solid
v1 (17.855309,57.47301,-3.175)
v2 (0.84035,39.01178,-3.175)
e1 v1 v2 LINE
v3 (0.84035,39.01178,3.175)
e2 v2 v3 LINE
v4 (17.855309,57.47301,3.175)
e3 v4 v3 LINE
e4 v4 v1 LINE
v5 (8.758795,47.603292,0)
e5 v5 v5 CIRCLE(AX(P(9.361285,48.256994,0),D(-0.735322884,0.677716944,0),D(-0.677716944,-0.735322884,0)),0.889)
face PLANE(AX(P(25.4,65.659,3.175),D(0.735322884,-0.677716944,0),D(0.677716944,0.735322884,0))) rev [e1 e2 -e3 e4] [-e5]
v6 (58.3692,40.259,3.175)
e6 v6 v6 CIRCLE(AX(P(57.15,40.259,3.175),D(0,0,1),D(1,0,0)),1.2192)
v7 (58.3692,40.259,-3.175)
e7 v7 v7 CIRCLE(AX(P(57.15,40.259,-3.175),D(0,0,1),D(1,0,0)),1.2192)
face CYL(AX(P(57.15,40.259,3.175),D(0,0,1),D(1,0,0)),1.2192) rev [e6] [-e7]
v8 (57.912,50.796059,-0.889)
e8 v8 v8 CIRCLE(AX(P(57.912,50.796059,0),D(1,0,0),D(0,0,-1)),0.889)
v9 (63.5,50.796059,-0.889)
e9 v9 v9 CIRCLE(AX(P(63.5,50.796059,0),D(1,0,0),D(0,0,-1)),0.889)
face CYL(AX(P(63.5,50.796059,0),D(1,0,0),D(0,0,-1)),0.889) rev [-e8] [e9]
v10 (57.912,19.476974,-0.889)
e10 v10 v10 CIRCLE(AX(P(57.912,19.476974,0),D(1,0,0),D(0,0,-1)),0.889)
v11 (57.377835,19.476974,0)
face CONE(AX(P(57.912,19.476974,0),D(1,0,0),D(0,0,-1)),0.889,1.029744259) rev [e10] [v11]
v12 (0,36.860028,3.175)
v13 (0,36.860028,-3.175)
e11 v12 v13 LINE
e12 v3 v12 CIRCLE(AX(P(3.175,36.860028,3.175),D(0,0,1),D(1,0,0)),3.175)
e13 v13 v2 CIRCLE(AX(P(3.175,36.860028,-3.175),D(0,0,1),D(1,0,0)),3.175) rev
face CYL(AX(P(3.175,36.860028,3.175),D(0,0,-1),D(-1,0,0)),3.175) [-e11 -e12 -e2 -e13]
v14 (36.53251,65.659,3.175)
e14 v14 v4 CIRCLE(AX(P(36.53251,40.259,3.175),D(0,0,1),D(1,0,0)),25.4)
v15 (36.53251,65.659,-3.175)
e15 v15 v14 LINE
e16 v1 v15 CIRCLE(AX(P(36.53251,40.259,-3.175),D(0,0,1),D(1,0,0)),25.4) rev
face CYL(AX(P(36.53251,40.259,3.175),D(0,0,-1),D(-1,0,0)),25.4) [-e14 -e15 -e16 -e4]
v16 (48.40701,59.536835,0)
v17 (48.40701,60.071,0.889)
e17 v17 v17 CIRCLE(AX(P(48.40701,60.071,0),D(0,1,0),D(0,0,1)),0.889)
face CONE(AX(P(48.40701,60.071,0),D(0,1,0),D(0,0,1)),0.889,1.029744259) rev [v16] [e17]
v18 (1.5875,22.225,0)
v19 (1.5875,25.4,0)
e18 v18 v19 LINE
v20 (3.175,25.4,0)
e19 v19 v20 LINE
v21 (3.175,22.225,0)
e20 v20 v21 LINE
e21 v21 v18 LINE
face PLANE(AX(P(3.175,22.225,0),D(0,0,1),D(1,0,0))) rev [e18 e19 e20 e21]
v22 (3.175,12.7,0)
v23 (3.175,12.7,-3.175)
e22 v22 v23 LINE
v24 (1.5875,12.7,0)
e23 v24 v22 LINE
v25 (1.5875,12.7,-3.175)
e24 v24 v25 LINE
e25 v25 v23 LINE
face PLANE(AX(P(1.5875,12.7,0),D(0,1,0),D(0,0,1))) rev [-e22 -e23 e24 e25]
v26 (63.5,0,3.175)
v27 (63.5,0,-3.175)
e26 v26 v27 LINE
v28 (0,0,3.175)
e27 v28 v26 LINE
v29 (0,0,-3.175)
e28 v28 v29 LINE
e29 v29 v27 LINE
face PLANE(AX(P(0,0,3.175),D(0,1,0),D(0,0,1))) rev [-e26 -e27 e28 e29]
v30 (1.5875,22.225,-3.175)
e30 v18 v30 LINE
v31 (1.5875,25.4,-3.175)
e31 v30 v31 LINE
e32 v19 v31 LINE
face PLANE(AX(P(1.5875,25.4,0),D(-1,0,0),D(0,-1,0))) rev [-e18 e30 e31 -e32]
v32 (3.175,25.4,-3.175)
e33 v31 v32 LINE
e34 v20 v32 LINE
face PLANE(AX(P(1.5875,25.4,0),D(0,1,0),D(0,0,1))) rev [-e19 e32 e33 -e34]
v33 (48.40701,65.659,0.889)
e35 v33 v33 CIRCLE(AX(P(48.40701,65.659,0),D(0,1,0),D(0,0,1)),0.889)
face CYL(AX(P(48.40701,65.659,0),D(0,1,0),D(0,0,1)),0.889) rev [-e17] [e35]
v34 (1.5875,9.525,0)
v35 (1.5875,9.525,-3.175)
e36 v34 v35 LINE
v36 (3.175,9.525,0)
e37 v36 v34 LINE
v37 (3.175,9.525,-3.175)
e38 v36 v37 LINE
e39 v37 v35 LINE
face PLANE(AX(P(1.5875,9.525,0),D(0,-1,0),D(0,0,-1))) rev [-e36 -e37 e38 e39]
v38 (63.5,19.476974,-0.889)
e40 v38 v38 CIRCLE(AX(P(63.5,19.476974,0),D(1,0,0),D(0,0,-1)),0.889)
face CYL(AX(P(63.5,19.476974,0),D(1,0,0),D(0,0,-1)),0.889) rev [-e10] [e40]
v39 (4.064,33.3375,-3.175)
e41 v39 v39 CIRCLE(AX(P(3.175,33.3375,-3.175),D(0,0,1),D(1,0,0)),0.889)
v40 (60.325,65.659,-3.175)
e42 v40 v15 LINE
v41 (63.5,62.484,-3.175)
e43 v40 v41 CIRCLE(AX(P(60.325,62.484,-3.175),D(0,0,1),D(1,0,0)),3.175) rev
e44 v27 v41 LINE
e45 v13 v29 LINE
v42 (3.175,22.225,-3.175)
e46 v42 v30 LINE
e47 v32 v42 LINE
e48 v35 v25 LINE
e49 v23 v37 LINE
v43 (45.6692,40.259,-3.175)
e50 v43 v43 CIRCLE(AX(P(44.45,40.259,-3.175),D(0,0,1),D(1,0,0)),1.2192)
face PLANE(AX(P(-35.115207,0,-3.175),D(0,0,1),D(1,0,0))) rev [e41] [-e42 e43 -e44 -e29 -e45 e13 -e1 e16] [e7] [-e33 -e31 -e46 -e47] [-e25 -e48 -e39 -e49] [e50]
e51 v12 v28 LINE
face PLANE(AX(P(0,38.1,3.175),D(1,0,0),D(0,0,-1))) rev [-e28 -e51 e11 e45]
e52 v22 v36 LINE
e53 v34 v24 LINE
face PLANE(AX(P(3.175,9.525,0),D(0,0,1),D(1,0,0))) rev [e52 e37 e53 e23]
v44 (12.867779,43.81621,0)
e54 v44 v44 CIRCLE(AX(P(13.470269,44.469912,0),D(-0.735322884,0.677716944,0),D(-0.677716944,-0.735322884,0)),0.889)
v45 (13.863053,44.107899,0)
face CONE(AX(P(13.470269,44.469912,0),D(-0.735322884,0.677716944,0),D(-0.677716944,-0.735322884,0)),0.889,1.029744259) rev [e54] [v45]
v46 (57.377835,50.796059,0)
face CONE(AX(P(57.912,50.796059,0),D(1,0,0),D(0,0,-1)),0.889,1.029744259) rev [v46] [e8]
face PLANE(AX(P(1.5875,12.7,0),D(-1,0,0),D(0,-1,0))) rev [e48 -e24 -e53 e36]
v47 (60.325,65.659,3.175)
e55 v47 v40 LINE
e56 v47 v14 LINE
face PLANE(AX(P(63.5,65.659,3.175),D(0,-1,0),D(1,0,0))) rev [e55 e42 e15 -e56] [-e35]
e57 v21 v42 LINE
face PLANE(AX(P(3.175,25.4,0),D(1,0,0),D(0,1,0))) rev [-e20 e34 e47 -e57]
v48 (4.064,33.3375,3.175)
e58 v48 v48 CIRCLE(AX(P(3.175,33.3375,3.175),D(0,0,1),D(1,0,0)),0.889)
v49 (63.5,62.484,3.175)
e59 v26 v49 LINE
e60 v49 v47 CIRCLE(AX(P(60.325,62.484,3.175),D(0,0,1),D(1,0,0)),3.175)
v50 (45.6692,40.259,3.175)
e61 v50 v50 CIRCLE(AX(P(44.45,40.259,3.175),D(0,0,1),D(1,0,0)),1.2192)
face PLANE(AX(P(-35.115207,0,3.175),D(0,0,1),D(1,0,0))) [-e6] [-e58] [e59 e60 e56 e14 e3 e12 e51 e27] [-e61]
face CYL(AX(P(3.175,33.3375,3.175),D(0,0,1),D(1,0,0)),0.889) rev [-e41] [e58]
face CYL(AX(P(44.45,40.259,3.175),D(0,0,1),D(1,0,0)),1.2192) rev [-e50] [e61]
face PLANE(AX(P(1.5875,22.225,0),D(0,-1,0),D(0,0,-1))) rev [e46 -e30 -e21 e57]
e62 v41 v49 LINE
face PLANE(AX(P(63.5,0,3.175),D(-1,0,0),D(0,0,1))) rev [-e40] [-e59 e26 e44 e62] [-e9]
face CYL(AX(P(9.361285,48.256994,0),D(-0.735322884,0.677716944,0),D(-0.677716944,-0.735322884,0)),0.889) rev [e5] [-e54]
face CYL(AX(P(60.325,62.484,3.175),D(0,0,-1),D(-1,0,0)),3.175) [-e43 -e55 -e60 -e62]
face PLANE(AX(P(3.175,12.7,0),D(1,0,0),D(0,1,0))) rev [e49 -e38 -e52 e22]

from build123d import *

# Parameters (mm, degrees)
BOSS_EXTRUDE1_DEPTH       = 3.175
FILLET1_R                 = 25.4
FILLET2_R                 = 3.175
FILLET3_R                 = 3.175
F_2_56_TAPPED_HOLE1_D     = 1.778
F_2_56_TAPPED_HOLE1_DEPTH = 5.588
F_2_56_TAPPED_HOLE1_TIP   = 0.53416509
F_2_CLEARANCE_HOLE1_D     = 2.4384
F_2_CLEARANCE_HOLE1_DEPTH = 25.4
F_2_CLEARANCE_HOLE1_TIP   = 0.732569267
SKETCH12_W                = 1.5875
SKETCH12_H                = 3.175
CUT_EXTRUDE1_DEPTH        = 3.175
F_2_56_TAPPED_HOLE2_D     = 1.778
F_2_56_TAPPED_HOLE2_DEPTH = 5.588
F_2_56_TAPPED_HOLE2_TIP   = 0.53416509
F_2_56_TAPPED_HOLE3_D     = 1.778
F_2_56_TAPPED_HOLE3_DEPTH = 5.588
F_2_56_TAPPED_HOLE3_TIP   = 0.53416509
F_2_56_TAPPED_HOLE4_D     = 1.778
F_2_56_TAPPED_HOLE4_DEPTH = 10.668
F_2_56_TAPPED_HOLE4_TIP   = 0.53416509


with BuildPart() as part:
    # Sketch1 → Boss-Extrude1 (new body, symmetric)
    with BuildSketch(Plane.XY):
        Polygon((0, 38.1), (0, 0), (63.5, 0), (63.5, 65.659), (25.4, 65.659), align=None)
    extrude(amount=BOSS_EXTRUDE1_DEPTH, both=True)

    # Fillet1
    fillet1_edges = [part.edges().sort_by_distance(p)[0] for p in [
        (25.4, 65.659, 0),
    ]]
    fillet(fillet1_edges, radius=FILLET1_R)

    # Fillet2
    fillet2_edges = [part.edges().sort_by_distance(p)[0] for p in [
        (0, 38.1, 0),
    ]]
    fillet(fillet2_edges, radius=FILLET2_R)

    # Fillet3
    fillet3_edges = [part.edges().sort_by_distance(p)[0] for p in [
        (63.5, 65.659, 0),
    ]]
    fillet(fillet3_edges, radius=FILLET3_R)

    # #2-56 Tapped Hole1
    with Locations(Plane(origin=(63.5, 0, 0), x_dir=(0, 0, -1), z_dir=(1, 0, 0))):
        with Locations((0, 50.796059009), (0, 19.476973799)):
            Hole(F_2_56_TAPPED_HOLE1_D / 2, depth=F_2_56_TAPPED_HOLE1_DEPTH)
            with Locations((0, 0, -(F_2_56_TAPPED_HOLE1_DEPTH + F_2_56_TAPPED_HOLE1_TIP / 2))):  # 118° drill point
                Cone(0, F_2_56_TAPPED_HOLE1_D / 2, F_2_56_TAPPED_HOLE1_TIP, mode=Mode.SUBTRACT)

    # #2 Clearance Hole1
    with Locations(Plane.XY.offset(3.175)):
        with Locations((57.15, 40.259), (44.45, 40.259)):
            Hole(F_2_CLEARANCE_HOLE1_D / 2, depth=F_2_CLEARANCE_HOLE1_DEPTH)
            with Locations((0, 0, -(F_2_CLEARANCE_HOLE1_DEPTH + F_2_CLEARANCE_HOLE1_TIP / 2))):  # 118° drill point
                Cone(0, F_2_CLEARANCE_HOLE1_D / 2, F_2_CLEARANCE_HOLE1_TIP, mode=Mode.SUBTRACT)

    # Sketch12 → Cut-Extrude1 (cut)
    with BuildSketch(Plane(origin=(0, 0, -3.175), x_dir=(-1, 0, 0), z_dir=(0, 0, -1))):
        with Locations((-2.38125, 23.8125)):
            Rectangle(SKETCH12_W, SKETCH12_H)
        with Locations((-2.38125, 11.1125)):
            Rectangle(SKETCH12_W, SKETCH12_H)
    extrude(amount=-CUT_EXTRUDE1_DEPTH, mode=Mode.SUBTRACT)

    # #2-56 Tapped Hole2
    with Locations(Plane(origin=(-18.986783635, 17.499339756, 0), x_dir=(0, 0, 1), z_dir=(-0.735322884, 0.677716944, 0))):
        with Locations((0, 41.828773603)):
            Hole(F_2_56_TAPPED_HOLE2_D / 2, depth=F_2_56_TAPPED_HOLE2_DEPTH)
            with Locations((0, 0, -(F_2_56_TAPPED_HOLE2_DEPTH + F_2_56_TAPPED_HOLE2_TIP / 2))):  # 118° drill point
                Cone(0, F_2_56_TAPPED_HOLE2_D / 2, F_2_56_TAPPED_HOLE2_TIP, mode=Mode.SUBTRACT)

    # #2-56 Tapped Hole3
    with Locations(Plane(origin=(0, 65.659, 0), x_dir=(-1, 0, 0), z_dir=(0, 1, 0))):
        with Locations((-48.407010359, 0)):
            Hole(F_2_56_TAPPED_HOLE3_D / 2, depth=F_2_56_TAPPED_HOLE3_DEPTH)
            with Locations((0, 0, -(F_2_56_TAPPED_HOLE3_DEPTH + F_2_56_TAPPED_HOLE3_TIP / 2))):  # 118° drill point
                Cone(0, F_2_56_TAPPED_HOLE3_D / 2, F_2_56_TAPPED_HOLE3_TIP, mode=Mode.SUBTRACT)

    # #2-56 Tapped Hole4
    with Locations(Plane.XY.offset(3.175)):
        with Locations((3.175, 33.3375)):
            Hole(F_2_56_TAPPED_HOLE4_D / 2, depth=F_2_56_TAPPED_HOLE4_DEPTH)
            with Locations((0, 0, -(F_2_56_TAPPED_HOLE4_DEPTH + F_2_56_TAPPED_HOLE4_TIP / 2))):  # 118° drill point
                Cone(0, F_2_56_TAPPED_HOLE4_D / 2, F_2_56_TAPPED_HOLE4_TIP, mode=Mode.SUBTRACT)


solid = part.part
